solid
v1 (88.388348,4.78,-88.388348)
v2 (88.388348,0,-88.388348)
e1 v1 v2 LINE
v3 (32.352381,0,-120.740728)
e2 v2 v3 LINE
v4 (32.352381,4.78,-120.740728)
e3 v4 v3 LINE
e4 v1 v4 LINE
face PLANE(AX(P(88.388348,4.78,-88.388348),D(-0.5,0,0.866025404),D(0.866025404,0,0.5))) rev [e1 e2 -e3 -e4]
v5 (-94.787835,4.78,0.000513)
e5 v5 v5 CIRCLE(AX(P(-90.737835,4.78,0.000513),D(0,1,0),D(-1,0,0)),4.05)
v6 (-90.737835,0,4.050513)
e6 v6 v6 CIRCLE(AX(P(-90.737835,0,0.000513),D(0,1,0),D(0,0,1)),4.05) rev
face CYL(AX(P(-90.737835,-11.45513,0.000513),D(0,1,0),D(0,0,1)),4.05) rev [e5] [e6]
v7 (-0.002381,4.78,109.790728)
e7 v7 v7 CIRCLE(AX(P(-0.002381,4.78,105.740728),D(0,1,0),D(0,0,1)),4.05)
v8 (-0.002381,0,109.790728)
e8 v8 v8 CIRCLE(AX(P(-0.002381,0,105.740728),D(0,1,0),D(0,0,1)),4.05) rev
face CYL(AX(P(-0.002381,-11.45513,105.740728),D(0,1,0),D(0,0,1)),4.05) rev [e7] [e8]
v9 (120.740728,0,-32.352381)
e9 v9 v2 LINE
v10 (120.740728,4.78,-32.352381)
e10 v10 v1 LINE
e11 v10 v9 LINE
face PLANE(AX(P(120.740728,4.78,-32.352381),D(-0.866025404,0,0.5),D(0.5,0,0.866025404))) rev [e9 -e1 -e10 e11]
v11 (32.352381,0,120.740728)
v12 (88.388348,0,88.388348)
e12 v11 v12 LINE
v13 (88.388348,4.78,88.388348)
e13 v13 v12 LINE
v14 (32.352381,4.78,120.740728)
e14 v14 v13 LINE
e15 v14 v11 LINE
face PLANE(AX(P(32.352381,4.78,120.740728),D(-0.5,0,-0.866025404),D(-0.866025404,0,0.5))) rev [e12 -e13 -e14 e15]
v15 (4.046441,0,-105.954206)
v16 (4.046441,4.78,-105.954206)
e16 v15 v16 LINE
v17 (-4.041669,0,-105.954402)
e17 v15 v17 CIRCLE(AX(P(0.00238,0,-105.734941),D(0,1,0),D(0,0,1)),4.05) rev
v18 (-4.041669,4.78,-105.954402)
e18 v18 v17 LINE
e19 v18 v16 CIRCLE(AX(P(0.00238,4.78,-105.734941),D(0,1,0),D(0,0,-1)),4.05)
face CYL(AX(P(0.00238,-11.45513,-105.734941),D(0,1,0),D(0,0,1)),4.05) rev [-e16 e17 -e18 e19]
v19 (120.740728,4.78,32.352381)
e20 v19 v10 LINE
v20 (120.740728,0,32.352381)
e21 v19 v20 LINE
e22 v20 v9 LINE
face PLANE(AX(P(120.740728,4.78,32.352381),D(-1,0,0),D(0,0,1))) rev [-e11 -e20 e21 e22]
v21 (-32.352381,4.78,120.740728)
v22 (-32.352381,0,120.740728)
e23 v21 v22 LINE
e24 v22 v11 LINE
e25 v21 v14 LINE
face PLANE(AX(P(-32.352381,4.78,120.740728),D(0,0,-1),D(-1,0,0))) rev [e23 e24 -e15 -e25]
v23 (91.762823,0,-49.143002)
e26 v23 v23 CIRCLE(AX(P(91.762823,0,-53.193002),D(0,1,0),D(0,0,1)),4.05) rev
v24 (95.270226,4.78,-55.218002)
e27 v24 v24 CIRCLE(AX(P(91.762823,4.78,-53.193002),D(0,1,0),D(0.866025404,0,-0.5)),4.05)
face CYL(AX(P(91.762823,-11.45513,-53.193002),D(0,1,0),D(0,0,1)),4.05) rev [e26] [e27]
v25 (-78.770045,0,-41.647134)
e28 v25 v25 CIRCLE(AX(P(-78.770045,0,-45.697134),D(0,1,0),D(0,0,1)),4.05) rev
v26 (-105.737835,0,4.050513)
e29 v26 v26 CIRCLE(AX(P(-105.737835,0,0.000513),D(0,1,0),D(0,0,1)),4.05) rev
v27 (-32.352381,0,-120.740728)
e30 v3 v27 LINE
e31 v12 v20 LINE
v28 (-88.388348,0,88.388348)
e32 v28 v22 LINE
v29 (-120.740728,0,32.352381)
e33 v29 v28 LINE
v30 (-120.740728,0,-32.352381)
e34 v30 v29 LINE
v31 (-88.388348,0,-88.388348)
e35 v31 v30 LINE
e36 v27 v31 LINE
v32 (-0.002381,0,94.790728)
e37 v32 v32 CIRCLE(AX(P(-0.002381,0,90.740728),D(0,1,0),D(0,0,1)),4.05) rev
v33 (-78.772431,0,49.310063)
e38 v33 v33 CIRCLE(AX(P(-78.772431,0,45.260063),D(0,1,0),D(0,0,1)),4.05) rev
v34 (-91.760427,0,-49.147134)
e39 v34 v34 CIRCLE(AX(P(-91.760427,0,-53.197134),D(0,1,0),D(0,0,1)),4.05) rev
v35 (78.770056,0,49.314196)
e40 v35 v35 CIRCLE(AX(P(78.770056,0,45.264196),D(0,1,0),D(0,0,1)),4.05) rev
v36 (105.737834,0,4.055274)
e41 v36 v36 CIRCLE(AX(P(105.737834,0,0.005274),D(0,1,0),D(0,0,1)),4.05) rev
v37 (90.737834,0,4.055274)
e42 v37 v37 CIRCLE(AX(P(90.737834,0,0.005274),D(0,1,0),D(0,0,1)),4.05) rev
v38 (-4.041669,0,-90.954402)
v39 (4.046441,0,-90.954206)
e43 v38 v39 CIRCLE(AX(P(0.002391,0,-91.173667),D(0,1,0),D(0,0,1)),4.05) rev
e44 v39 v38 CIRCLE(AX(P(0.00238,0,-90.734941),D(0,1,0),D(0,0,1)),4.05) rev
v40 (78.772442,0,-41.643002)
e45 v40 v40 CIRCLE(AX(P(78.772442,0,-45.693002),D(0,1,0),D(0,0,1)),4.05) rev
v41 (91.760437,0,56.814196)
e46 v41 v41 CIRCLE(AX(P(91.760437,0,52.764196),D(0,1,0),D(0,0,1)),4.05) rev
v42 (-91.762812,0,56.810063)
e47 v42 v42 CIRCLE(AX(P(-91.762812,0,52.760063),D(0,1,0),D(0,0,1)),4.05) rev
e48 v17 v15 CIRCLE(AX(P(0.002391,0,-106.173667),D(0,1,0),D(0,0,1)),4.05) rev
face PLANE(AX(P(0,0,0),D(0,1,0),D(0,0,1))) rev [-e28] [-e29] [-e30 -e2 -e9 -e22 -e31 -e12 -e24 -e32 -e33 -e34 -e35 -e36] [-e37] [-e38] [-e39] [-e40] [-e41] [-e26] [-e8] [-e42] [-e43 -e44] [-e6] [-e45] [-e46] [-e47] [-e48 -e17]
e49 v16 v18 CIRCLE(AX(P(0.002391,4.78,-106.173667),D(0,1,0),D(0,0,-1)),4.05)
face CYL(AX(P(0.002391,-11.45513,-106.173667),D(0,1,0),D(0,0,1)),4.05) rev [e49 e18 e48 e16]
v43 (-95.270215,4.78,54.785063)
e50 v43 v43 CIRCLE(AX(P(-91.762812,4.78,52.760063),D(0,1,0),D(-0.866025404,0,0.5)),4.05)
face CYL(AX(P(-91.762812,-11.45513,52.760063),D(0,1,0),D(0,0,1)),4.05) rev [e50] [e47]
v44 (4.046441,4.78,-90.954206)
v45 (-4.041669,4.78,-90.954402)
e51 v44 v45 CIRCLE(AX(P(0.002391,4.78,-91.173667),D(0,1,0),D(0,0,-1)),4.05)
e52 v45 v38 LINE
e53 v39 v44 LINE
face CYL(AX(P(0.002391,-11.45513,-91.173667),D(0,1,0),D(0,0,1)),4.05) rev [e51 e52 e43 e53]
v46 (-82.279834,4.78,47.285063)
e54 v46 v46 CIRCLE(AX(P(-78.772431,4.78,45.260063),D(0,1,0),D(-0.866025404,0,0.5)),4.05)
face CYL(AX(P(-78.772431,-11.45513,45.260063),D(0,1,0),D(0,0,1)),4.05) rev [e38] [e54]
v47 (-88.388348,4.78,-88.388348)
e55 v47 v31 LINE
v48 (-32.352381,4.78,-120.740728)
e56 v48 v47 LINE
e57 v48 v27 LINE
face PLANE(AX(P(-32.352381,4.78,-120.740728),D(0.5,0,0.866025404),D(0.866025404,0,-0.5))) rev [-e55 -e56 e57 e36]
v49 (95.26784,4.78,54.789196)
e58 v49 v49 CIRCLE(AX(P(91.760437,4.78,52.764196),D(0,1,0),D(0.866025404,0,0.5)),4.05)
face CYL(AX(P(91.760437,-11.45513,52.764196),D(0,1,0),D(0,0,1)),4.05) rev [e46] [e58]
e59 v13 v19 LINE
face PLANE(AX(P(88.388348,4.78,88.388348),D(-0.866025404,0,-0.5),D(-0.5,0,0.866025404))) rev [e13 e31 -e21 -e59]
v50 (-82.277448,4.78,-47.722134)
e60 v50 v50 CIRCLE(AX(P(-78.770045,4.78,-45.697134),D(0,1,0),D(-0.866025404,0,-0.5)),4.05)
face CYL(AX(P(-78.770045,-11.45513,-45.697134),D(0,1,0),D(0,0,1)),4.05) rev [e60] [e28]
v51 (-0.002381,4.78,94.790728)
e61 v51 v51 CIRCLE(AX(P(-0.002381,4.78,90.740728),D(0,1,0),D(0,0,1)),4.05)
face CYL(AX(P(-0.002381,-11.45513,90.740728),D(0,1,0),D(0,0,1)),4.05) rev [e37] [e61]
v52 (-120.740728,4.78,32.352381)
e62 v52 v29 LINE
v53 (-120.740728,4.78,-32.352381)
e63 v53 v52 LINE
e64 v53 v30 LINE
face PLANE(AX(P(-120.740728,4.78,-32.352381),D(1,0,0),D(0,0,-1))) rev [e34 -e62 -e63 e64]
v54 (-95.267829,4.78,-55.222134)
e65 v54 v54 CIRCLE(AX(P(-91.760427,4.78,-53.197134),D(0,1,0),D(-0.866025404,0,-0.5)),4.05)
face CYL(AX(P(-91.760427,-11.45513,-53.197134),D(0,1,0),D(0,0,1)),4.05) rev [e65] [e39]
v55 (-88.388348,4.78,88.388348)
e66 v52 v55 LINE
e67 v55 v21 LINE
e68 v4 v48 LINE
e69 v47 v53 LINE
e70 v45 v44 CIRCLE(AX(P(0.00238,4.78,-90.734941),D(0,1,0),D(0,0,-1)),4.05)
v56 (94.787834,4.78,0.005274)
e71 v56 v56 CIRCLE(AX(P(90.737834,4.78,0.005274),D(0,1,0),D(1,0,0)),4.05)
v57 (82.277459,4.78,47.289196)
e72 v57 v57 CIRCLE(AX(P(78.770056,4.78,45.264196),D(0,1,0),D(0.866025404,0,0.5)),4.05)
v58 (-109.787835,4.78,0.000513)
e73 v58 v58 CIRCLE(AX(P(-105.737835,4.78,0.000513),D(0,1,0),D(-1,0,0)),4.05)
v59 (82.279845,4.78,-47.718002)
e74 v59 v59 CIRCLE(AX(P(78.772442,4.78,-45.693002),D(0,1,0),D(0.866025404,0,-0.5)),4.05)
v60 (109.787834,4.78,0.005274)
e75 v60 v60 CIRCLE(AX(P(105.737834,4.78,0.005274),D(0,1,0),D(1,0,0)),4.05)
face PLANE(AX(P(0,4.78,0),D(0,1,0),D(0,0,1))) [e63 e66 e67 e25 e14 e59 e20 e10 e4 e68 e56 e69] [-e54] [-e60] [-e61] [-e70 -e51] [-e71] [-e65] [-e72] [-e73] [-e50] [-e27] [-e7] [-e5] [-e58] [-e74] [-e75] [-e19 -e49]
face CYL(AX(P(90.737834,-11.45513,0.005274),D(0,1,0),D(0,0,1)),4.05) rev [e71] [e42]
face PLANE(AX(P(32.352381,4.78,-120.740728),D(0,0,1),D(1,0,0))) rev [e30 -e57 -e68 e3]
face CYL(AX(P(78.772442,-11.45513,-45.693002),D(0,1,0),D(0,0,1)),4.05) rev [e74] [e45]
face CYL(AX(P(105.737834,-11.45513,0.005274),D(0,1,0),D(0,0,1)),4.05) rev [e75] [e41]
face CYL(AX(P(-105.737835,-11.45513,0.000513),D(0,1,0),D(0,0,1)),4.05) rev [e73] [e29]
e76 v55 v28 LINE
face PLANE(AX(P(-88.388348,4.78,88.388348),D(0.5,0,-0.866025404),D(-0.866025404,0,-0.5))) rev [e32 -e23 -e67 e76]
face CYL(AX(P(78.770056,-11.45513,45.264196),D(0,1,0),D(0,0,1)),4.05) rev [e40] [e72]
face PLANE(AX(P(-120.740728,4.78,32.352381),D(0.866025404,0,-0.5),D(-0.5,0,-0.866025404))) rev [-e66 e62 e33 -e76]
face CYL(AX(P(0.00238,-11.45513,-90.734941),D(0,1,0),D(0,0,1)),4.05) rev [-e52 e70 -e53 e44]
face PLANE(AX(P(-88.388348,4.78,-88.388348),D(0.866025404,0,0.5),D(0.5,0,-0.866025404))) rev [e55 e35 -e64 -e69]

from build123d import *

# Parameters (mm, degrees)
BOSS_EXTRUDE1_DEPTH = 4.78
SKETCH3_R           = 4.05
CUT_EXTRUDE1_DEPTH  = 4.78
CIRPATTERN1_COUNT   = 6
CIRPATTERN3_COUNT   = 4


with BuildPart() as part:
    # Sketch2 → Boss-Extrude1 (new body)
    with BuildSketch(Plane(origin=(0, 0, 0), x_dir=(1, 0, 0), z_dir=(0, 1, 0))):
        Polygon((120.740728286, 32.352380638), (88.388347648, 88.388347648), (32.352380638, 120.740728286), (-32.352380638, 120.740728286), (-88.388347648, 88.388347648), (-120.740728286, 32.352380638), (-120.740728286, -32.352380638), (-88.388347648, -88.388347648), (-32.352380638, -120.740728286), (32.352380638, -120.740728286), (88.388347648, -88.388347648), (120.740728286, -32.352380638), align=None)
    extrude(amount=BOSS_EXTRUDE1_DEPTH)

    # Sketch3 → Cut-Extrude1 (cut)
    with BuildSketch(Plane(origin=(0, 4.78, 0), x_dir=(1, 0, 0), z_dir=(0, 1, 0))):
        with Locations(Location((-0.002380638, -105.740728286, 0), (0, 0, 270))):
            Circle(SKETCH3_R)
        with Locations(Location((-0.002380638, -90.740728286, 0), (0, 0, 270))):
            Circle(SKETCH3_R)
    cut_extrude1 = extrude(amount=-CUT_EXTRUDE1_DEPTH, mode=Mode.SUBTRACT)

    # CirPattern1: Cut-Extrude1 ×6 about axis
    cirpattern1_axis = Axis((5.246e-06, 0, -0.216469196), (0, 1, 0))
    for i in range(1, CIRPATTERN1_COUNT):
        add(cut_extrude1.rotate(cirpattern1_axis, i * 360 / CIRPATTERN1_COUNT), mode=Mode.SUBTRACT)

    # CirPattern3: Cut-Extrude1 ×4 about axis
    cirpattern3_axis = Axis((-7e-08, 0, 0.002893764), (0, 1, 0))
    for i in range(1, CIRPATTERN3_COUNT):
        add(cut_extrude1.rotate(cirpattern3_axis, i * 360 / CIRPATTERN3_COUNT), mode=Mode.SUBTRACT)


solid = part.part
